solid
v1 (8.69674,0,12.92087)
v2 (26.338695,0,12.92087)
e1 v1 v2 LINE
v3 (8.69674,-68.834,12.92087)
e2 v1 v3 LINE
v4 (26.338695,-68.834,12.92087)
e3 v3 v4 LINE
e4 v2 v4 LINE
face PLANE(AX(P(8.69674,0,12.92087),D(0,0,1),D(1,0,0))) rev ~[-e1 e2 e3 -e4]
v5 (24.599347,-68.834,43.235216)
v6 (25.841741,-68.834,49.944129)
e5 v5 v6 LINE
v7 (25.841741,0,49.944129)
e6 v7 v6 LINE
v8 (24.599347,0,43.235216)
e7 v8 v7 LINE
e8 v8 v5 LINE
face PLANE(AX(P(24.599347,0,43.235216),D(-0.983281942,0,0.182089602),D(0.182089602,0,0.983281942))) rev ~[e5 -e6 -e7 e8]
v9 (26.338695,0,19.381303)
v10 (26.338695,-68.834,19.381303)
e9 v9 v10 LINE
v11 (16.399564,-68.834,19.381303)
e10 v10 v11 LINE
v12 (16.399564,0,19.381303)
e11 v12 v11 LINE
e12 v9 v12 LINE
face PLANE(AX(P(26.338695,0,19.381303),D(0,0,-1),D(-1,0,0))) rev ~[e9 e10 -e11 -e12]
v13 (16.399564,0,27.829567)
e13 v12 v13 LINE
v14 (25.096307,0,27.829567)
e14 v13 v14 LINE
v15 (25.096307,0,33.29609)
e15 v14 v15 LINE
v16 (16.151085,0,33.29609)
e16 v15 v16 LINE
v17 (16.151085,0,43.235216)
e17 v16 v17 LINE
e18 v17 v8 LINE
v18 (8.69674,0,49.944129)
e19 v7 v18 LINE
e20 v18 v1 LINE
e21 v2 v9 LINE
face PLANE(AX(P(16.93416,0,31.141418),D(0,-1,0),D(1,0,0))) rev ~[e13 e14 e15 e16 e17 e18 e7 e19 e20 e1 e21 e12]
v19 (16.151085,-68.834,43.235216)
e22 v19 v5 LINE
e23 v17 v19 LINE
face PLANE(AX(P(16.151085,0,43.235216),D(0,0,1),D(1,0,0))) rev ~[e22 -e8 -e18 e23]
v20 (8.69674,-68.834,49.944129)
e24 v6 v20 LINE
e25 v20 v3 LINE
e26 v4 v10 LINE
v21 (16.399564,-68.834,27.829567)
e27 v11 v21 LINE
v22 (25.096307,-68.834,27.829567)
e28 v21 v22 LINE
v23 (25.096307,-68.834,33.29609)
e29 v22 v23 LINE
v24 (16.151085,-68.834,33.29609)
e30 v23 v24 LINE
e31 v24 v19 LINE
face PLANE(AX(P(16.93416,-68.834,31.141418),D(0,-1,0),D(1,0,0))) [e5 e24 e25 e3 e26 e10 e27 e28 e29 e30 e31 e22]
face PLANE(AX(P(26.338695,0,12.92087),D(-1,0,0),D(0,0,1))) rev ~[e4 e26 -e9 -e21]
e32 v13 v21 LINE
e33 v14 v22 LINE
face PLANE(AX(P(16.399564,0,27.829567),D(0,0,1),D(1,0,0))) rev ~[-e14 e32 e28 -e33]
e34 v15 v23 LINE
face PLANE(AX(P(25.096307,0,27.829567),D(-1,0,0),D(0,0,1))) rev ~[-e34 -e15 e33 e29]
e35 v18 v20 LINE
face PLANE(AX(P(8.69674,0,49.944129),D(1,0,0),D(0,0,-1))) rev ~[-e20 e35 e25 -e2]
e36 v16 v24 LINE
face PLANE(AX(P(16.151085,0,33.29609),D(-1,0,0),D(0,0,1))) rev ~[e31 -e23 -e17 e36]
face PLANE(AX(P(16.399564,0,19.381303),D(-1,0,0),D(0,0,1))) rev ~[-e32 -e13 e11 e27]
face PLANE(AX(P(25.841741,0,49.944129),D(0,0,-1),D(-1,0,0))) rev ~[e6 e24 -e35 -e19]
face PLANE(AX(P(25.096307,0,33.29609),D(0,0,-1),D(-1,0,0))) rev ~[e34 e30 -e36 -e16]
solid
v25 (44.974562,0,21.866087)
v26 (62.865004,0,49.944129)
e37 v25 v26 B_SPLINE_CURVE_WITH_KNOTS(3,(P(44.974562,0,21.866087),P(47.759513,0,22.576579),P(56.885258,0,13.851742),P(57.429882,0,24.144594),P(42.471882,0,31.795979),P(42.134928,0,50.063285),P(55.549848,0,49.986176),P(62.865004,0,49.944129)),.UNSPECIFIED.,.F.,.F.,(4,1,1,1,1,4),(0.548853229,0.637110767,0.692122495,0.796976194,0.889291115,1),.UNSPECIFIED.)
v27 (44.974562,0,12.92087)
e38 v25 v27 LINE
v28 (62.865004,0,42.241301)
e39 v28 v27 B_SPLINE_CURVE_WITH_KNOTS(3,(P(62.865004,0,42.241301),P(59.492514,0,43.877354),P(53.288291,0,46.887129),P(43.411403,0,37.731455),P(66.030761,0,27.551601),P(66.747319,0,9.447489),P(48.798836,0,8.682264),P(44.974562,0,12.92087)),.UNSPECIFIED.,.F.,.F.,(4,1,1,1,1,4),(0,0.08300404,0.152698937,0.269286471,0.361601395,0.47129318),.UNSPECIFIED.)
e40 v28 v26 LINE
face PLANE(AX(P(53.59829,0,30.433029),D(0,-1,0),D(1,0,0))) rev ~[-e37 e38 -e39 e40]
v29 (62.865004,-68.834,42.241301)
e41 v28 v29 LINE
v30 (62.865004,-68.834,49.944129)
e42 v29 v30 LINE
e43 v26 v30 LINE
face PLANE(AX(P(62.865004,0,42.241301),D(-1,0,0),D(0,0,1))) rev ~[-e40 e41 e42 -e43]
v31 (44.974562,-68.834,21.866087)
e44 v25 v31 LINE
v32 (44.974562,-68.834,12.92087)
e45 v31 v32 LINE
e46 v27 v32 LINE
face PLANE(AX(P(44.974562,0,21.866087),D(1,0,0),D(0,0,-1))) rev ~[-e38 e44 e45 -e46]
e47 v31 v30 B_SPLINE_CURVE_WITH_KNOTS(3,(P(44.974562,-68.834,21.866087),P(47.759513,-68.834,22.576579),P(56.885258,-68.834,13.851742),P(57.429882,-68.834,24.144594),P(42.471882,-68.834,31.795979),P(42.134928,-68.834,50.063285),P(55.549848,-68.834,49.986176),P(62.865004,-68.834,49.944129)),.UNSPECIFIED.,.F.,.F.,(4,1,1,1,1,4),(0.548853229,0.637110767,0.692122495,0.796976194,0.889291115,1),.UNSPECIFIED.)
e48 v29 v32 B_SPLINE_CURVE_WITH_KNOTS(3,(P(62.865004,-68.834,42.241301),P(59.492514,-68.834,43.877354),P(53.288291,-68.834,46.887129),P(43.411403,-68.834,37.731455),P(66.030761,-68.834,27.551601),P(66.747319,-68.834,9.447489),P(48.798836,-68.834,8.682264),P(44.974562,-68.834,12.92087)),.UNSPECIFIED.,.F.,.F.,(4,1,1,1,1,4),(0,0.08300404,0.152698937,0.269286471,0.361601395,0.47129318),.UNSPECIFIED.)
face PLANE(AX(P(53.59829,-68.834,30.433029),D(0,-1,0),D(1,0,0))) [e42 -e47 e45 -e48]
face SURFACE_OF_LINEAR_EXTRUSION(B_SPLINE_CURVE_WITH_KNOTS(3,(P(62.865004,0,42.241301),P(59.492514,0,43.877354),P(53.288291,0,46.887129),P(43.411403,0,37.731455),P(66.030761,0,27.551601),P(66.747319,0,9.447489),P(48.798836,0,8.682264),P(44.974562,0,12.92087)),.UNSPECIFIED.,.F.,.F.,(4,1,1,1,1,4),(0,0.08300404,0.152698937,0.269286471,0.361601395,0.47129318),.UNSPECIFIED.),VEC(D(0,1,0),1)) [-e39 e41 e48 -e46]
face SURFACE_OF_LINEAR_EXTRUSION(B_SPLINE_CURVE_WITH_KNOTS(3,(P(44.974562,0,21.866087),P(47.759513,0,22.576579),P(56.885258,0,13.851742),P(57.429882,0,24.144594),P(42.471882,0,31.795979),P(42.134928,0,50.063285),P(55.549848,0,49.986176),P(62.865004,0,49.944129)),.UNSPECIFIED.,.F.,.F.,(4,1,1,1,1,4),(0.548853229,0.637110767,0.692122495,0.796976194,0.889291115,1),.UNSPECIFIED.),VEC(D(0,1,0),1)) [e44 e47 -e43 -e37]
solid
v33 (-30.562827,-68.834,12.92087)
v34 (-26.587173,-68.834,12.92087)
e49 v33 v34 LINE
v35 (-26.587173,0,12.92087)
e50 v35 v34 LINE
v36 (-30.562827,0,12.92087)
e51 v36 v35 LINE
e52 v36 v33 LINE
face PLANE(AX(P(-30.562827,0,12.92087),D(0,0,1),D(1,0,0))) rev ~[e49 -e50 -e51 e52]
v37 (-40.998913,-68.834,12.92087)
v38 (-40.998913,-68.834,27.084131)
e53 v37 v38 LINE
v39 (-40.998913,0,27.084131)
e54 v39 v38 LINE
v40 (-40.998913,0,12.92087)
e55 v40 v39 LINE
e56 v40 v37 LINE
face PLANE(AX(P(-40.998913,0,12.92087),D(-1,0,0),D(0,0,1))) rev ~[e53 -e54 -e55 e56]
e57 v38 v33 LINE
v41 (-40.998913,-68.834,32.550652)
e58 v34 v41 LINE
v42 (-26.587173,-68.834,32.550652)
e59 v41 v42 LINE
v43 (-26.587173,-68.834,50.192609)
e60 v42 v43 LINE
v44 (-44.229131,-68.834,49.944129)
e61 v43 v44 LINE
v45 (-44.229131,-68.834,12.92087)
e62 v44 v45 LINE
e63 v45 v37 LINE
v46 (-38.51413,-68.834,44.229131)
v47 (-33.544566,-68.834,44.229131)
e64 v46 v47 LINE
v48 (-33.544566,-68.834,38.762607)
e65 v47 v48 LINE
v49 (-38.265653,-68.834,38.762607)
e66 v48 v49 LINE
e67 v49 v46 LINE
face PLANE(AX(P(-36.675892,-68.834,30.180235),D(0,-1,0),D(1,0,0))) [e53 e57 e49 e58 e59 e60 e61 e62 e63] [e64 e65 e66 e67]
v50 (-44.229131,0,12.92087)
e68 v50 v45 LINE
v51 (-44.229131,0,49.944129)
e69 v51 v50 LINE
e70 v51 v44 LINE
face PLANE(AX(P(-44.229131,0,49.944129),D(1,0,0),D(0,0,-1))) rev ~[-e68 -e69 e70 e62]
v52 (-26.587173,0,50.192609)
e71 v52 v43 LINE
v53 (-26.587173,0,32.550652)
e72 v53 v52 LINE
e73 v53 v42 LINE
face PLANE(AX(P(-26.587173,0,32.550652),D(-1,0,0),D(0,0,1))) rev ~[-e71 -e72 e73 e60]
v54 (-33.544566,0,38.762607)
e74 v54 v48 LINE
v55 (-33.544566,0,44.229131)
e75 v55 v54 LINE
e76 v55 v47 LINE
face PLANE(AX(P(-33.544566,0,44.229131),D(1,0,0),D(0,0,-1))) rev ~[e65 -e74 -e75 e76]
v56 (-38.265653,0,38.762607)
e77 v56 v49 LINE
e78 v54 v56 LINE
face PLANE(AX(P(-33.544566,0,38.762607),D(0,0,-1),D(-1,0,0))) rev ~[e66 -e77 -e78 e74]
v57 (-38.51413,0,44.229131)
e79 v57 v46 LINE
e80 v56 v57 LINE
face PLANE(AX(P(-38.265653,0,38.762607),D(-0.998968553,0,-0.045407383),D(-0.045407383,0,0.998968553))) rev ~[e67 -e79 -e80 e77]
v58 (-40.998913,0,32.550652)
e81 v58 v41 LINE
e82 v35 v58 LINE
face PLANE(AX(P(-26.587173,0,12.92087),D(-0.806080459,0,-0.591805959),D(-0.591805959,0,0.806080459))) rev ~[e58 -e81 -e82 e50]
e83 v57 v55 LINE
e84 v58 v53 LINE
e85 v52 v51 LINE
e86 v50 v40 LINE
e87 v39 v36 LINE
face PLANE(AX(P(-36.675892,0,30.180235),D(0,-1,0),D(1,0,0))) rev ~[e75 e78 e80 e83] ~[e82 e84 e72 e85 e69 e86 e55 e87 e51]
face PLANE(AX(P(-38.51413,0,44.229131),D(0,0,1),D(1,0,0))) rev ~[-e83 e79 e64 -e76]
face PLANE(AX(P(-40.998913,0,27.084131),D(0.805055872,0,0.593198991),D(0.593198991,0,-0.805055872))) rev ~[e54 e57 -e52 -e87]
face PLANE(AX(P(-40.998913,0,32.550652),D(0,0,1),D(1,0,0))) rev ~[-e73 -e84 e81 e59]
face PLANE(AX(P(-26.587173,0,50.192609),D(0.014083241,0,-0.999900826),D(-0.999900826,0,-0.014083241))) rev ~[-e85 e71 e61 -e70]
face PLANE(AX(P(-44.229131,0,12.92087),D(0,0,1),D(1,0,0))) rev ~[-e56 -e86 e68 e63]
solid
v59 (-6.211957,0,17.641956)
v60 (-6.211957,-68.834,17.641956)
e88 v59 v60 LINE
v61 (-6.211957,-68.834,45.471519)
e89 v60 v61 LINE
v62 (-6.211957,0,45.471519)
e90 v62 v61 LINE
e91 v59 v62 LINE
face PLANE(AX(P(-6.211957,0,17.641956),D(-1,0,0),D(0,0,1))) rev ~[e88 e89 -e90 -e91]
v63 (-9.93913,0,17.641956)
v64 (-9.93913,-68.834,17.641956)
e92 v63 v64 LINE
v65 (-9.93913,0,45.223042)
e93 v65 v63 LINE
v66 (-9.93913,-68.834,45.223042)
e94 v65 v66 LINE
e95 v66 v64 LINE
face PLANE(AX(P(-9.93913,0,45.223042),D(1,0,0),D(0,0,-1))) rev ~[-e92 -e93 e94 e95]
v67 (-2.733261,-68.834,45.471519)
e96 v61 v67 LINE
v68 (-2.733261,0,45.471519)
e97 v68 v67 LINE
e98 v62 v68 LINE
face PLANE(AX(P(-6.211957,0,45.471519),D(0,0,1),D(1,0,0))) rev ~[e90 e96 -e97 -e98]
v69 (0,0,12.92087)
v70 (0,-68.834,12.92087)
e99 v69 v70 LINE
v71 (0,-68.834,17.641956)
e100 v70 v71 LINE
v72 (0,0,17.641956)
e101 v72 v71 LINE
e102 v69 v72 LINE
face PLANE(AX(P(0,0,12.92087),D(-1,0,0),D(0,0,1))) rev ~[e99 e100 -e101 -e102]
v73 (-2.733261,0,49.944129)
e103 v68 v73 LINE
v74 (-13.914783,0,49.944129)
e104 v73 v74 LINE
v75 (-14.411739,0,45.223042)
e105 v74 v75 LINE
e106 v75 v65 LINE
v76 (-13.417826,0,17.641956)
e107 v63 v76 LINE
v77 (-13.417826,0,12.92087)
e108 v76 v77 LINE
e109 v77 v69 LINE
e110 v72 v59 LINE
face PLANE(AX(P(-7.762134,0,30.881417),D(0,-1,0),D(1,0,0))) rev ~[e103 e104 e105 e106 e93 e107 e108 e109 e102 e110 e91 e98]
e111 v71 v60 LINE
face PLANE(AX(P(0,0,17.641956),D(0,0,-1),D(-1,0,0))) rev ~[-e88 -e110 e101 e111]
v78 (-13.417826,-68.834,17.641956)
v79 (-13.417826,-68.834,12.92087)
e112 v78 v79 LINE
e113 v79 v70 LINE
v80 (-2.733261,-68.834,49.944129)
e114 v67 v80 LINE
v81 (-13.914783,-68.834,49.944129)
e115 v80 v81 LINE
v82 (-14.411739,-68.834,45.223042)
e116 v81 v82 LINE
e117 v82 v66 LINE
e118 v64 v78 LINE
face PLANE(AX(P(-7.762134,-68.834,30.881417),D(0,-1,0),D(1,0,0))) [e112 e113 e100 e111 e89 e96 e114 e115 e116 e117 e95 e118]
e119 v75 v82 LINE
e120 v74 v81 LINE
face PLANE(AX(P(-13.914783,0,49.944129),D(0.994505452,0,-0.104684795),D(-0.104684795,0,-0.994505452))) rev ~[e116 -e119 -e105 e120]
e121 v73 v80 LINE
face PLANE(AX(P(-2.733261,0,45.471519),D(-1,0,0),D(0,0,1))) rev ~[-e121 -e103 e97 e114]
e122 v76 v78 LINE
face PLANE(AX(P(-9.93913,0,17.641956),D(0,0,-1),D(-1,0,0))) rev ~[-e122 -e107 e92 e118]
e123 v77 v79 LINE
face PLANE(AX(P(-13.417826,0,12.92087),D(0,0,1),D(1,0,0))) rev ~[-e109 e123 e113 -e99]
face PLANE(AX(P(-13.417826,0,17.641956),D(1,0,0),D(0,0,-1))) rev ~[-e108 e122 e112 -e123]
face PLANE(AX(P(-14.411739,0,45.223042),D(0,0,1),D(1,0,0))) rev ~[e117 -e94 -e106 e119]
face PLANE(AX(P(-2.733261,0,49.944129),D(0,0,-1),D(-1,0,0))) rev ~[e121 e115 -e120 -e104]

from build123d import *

# Parameters (mm, degrees)
F1_DEPTH = 68.834


with BuildPart() as f1:
    # F0 (on Front) → F1 (new body)
    with BuildSketch(Plane.XZ):
        Polygon((-26.5871733427, 50.1926094294), (-44.229131192, 49.9441288412), (-44.229131192, 12.9208695143), (-40.9989133477, 12.9208695143), (-40.9989133477, 27.0841307938), (-30.5628273636, 12.9208695143), (-26.5871733427, 12.9208695143), (-40.9989133477, 32.5506515801), (-26.5871733427, 32.5506515801), align=None)
        Polygon((-38.2656529546, 38.7626066804), (-38.5141298175, 44.229131192), (-33.5445664823, 44.229131192), (-33.5445664823, 38.7626066804), align=None, mode=Mode.SUBTRACT)
    extrude(amount=F1_DEPTH)


with BuildPart() as f1b:
    # F0 (on Front) → F1, piece 2 (new body)
    with BuildSketch(Plane.XZ):
        Polygon((-2.7332613245, 49.9441288412), (-13.9147825539, 49.9441288412), (-14.4117390737, 45.2230423689), (-9.9391303957, 45.2230423689), (-9.9391303957, 17.6419559866), (-13.4178260341, 17.6419559866), (-13.4178260341, 12.9208695143), (0, 12.9208695143), (0, 17.6419559866), (-6.2119569629, 17.6419559866), (-6.2119569629, 45.4715192318), (-2.7332613245, 45.4715192318), align=None)
    extrude(amount=F1_DEPTH)


with BuildPart() as f1c:
    # F0 (on Front) → F1, piece 3 (new body)
    with BuildSketch(Plane.XZ):
        Polygon((24.5993472636, 43.2352162898), (25.8417408913, 49.9441288412), (8.6967404932, 49.9441288412), (8.6967404932, 12.9208695143), (26.3386946172, 12.9208695143), (26.3386946172, 19.3813033402), (16.3995642215, 19.3813033402), (16.3995642215, 27.8295669705), (25.0963065773, 27.8295669705), (25.0963065773, 33.2960896194), (16.1510854959, 33.2960896194), (16.1510854959, 43.2352162898), align=None)
    extrude(amount=F1_DEPTH)


with BuildPart() as f1d:
    # F0 (on Front) → F1, piece 4 (new body)
    with BuildSketch(Plane.XZ):
        with BuildLine():
            Line((62.8650039434, 42.2413013875), (62.8650039434, 49.9441288412))
            add(Edge.make_bspline(
                [(44.9745617807, 21.8660868704), (47.7595126212, 22.576579189), (56.8852581861, 13.8517422038), (57.429882099, 24.1445943607), (42.4718824727, 31.7959794236), (42.1349283137, 50.0632854785), (55.5498480038, 49.9861764149), (62.8650039434, 49.9441288412)],
                knots=[0.5488532286, 0.5488532286, 0.5488532286, 0.5488532286, 0.637110767, 0.6921224951, 0.7969761942, 0.8892911152, 1, 1, 1, 1], degree=3))
            Line((44.9745617807, 21.8660868704), (44.9745617807, 12.9208695143))
            add(Edge.make_bspline(
                [(62.8650039434, 42.2413013875), (59.4925143477, 43.8773539321), (53.2882913115, 46.8871289358), (43.411403042, 37.7314550219), (66.0307612196, 27.5516009199), (66.7473192465, 9.4474886008), (48.7988357113, 8.682264401), (44.9745617807, 12.9208695143)],
                knots=[0, 0, 0, 0, 0.0830040397, 0.1526989367, 0.269286471, 0.3616013953, 0.47129318, 0.47129318, 0.47129318, 0.47129318], degree=3))
        make_face()
    extrude(amount=F1_DEPTH)


solid = Compound([f1.part, f1b.part, f1c.part, f1d.part])
